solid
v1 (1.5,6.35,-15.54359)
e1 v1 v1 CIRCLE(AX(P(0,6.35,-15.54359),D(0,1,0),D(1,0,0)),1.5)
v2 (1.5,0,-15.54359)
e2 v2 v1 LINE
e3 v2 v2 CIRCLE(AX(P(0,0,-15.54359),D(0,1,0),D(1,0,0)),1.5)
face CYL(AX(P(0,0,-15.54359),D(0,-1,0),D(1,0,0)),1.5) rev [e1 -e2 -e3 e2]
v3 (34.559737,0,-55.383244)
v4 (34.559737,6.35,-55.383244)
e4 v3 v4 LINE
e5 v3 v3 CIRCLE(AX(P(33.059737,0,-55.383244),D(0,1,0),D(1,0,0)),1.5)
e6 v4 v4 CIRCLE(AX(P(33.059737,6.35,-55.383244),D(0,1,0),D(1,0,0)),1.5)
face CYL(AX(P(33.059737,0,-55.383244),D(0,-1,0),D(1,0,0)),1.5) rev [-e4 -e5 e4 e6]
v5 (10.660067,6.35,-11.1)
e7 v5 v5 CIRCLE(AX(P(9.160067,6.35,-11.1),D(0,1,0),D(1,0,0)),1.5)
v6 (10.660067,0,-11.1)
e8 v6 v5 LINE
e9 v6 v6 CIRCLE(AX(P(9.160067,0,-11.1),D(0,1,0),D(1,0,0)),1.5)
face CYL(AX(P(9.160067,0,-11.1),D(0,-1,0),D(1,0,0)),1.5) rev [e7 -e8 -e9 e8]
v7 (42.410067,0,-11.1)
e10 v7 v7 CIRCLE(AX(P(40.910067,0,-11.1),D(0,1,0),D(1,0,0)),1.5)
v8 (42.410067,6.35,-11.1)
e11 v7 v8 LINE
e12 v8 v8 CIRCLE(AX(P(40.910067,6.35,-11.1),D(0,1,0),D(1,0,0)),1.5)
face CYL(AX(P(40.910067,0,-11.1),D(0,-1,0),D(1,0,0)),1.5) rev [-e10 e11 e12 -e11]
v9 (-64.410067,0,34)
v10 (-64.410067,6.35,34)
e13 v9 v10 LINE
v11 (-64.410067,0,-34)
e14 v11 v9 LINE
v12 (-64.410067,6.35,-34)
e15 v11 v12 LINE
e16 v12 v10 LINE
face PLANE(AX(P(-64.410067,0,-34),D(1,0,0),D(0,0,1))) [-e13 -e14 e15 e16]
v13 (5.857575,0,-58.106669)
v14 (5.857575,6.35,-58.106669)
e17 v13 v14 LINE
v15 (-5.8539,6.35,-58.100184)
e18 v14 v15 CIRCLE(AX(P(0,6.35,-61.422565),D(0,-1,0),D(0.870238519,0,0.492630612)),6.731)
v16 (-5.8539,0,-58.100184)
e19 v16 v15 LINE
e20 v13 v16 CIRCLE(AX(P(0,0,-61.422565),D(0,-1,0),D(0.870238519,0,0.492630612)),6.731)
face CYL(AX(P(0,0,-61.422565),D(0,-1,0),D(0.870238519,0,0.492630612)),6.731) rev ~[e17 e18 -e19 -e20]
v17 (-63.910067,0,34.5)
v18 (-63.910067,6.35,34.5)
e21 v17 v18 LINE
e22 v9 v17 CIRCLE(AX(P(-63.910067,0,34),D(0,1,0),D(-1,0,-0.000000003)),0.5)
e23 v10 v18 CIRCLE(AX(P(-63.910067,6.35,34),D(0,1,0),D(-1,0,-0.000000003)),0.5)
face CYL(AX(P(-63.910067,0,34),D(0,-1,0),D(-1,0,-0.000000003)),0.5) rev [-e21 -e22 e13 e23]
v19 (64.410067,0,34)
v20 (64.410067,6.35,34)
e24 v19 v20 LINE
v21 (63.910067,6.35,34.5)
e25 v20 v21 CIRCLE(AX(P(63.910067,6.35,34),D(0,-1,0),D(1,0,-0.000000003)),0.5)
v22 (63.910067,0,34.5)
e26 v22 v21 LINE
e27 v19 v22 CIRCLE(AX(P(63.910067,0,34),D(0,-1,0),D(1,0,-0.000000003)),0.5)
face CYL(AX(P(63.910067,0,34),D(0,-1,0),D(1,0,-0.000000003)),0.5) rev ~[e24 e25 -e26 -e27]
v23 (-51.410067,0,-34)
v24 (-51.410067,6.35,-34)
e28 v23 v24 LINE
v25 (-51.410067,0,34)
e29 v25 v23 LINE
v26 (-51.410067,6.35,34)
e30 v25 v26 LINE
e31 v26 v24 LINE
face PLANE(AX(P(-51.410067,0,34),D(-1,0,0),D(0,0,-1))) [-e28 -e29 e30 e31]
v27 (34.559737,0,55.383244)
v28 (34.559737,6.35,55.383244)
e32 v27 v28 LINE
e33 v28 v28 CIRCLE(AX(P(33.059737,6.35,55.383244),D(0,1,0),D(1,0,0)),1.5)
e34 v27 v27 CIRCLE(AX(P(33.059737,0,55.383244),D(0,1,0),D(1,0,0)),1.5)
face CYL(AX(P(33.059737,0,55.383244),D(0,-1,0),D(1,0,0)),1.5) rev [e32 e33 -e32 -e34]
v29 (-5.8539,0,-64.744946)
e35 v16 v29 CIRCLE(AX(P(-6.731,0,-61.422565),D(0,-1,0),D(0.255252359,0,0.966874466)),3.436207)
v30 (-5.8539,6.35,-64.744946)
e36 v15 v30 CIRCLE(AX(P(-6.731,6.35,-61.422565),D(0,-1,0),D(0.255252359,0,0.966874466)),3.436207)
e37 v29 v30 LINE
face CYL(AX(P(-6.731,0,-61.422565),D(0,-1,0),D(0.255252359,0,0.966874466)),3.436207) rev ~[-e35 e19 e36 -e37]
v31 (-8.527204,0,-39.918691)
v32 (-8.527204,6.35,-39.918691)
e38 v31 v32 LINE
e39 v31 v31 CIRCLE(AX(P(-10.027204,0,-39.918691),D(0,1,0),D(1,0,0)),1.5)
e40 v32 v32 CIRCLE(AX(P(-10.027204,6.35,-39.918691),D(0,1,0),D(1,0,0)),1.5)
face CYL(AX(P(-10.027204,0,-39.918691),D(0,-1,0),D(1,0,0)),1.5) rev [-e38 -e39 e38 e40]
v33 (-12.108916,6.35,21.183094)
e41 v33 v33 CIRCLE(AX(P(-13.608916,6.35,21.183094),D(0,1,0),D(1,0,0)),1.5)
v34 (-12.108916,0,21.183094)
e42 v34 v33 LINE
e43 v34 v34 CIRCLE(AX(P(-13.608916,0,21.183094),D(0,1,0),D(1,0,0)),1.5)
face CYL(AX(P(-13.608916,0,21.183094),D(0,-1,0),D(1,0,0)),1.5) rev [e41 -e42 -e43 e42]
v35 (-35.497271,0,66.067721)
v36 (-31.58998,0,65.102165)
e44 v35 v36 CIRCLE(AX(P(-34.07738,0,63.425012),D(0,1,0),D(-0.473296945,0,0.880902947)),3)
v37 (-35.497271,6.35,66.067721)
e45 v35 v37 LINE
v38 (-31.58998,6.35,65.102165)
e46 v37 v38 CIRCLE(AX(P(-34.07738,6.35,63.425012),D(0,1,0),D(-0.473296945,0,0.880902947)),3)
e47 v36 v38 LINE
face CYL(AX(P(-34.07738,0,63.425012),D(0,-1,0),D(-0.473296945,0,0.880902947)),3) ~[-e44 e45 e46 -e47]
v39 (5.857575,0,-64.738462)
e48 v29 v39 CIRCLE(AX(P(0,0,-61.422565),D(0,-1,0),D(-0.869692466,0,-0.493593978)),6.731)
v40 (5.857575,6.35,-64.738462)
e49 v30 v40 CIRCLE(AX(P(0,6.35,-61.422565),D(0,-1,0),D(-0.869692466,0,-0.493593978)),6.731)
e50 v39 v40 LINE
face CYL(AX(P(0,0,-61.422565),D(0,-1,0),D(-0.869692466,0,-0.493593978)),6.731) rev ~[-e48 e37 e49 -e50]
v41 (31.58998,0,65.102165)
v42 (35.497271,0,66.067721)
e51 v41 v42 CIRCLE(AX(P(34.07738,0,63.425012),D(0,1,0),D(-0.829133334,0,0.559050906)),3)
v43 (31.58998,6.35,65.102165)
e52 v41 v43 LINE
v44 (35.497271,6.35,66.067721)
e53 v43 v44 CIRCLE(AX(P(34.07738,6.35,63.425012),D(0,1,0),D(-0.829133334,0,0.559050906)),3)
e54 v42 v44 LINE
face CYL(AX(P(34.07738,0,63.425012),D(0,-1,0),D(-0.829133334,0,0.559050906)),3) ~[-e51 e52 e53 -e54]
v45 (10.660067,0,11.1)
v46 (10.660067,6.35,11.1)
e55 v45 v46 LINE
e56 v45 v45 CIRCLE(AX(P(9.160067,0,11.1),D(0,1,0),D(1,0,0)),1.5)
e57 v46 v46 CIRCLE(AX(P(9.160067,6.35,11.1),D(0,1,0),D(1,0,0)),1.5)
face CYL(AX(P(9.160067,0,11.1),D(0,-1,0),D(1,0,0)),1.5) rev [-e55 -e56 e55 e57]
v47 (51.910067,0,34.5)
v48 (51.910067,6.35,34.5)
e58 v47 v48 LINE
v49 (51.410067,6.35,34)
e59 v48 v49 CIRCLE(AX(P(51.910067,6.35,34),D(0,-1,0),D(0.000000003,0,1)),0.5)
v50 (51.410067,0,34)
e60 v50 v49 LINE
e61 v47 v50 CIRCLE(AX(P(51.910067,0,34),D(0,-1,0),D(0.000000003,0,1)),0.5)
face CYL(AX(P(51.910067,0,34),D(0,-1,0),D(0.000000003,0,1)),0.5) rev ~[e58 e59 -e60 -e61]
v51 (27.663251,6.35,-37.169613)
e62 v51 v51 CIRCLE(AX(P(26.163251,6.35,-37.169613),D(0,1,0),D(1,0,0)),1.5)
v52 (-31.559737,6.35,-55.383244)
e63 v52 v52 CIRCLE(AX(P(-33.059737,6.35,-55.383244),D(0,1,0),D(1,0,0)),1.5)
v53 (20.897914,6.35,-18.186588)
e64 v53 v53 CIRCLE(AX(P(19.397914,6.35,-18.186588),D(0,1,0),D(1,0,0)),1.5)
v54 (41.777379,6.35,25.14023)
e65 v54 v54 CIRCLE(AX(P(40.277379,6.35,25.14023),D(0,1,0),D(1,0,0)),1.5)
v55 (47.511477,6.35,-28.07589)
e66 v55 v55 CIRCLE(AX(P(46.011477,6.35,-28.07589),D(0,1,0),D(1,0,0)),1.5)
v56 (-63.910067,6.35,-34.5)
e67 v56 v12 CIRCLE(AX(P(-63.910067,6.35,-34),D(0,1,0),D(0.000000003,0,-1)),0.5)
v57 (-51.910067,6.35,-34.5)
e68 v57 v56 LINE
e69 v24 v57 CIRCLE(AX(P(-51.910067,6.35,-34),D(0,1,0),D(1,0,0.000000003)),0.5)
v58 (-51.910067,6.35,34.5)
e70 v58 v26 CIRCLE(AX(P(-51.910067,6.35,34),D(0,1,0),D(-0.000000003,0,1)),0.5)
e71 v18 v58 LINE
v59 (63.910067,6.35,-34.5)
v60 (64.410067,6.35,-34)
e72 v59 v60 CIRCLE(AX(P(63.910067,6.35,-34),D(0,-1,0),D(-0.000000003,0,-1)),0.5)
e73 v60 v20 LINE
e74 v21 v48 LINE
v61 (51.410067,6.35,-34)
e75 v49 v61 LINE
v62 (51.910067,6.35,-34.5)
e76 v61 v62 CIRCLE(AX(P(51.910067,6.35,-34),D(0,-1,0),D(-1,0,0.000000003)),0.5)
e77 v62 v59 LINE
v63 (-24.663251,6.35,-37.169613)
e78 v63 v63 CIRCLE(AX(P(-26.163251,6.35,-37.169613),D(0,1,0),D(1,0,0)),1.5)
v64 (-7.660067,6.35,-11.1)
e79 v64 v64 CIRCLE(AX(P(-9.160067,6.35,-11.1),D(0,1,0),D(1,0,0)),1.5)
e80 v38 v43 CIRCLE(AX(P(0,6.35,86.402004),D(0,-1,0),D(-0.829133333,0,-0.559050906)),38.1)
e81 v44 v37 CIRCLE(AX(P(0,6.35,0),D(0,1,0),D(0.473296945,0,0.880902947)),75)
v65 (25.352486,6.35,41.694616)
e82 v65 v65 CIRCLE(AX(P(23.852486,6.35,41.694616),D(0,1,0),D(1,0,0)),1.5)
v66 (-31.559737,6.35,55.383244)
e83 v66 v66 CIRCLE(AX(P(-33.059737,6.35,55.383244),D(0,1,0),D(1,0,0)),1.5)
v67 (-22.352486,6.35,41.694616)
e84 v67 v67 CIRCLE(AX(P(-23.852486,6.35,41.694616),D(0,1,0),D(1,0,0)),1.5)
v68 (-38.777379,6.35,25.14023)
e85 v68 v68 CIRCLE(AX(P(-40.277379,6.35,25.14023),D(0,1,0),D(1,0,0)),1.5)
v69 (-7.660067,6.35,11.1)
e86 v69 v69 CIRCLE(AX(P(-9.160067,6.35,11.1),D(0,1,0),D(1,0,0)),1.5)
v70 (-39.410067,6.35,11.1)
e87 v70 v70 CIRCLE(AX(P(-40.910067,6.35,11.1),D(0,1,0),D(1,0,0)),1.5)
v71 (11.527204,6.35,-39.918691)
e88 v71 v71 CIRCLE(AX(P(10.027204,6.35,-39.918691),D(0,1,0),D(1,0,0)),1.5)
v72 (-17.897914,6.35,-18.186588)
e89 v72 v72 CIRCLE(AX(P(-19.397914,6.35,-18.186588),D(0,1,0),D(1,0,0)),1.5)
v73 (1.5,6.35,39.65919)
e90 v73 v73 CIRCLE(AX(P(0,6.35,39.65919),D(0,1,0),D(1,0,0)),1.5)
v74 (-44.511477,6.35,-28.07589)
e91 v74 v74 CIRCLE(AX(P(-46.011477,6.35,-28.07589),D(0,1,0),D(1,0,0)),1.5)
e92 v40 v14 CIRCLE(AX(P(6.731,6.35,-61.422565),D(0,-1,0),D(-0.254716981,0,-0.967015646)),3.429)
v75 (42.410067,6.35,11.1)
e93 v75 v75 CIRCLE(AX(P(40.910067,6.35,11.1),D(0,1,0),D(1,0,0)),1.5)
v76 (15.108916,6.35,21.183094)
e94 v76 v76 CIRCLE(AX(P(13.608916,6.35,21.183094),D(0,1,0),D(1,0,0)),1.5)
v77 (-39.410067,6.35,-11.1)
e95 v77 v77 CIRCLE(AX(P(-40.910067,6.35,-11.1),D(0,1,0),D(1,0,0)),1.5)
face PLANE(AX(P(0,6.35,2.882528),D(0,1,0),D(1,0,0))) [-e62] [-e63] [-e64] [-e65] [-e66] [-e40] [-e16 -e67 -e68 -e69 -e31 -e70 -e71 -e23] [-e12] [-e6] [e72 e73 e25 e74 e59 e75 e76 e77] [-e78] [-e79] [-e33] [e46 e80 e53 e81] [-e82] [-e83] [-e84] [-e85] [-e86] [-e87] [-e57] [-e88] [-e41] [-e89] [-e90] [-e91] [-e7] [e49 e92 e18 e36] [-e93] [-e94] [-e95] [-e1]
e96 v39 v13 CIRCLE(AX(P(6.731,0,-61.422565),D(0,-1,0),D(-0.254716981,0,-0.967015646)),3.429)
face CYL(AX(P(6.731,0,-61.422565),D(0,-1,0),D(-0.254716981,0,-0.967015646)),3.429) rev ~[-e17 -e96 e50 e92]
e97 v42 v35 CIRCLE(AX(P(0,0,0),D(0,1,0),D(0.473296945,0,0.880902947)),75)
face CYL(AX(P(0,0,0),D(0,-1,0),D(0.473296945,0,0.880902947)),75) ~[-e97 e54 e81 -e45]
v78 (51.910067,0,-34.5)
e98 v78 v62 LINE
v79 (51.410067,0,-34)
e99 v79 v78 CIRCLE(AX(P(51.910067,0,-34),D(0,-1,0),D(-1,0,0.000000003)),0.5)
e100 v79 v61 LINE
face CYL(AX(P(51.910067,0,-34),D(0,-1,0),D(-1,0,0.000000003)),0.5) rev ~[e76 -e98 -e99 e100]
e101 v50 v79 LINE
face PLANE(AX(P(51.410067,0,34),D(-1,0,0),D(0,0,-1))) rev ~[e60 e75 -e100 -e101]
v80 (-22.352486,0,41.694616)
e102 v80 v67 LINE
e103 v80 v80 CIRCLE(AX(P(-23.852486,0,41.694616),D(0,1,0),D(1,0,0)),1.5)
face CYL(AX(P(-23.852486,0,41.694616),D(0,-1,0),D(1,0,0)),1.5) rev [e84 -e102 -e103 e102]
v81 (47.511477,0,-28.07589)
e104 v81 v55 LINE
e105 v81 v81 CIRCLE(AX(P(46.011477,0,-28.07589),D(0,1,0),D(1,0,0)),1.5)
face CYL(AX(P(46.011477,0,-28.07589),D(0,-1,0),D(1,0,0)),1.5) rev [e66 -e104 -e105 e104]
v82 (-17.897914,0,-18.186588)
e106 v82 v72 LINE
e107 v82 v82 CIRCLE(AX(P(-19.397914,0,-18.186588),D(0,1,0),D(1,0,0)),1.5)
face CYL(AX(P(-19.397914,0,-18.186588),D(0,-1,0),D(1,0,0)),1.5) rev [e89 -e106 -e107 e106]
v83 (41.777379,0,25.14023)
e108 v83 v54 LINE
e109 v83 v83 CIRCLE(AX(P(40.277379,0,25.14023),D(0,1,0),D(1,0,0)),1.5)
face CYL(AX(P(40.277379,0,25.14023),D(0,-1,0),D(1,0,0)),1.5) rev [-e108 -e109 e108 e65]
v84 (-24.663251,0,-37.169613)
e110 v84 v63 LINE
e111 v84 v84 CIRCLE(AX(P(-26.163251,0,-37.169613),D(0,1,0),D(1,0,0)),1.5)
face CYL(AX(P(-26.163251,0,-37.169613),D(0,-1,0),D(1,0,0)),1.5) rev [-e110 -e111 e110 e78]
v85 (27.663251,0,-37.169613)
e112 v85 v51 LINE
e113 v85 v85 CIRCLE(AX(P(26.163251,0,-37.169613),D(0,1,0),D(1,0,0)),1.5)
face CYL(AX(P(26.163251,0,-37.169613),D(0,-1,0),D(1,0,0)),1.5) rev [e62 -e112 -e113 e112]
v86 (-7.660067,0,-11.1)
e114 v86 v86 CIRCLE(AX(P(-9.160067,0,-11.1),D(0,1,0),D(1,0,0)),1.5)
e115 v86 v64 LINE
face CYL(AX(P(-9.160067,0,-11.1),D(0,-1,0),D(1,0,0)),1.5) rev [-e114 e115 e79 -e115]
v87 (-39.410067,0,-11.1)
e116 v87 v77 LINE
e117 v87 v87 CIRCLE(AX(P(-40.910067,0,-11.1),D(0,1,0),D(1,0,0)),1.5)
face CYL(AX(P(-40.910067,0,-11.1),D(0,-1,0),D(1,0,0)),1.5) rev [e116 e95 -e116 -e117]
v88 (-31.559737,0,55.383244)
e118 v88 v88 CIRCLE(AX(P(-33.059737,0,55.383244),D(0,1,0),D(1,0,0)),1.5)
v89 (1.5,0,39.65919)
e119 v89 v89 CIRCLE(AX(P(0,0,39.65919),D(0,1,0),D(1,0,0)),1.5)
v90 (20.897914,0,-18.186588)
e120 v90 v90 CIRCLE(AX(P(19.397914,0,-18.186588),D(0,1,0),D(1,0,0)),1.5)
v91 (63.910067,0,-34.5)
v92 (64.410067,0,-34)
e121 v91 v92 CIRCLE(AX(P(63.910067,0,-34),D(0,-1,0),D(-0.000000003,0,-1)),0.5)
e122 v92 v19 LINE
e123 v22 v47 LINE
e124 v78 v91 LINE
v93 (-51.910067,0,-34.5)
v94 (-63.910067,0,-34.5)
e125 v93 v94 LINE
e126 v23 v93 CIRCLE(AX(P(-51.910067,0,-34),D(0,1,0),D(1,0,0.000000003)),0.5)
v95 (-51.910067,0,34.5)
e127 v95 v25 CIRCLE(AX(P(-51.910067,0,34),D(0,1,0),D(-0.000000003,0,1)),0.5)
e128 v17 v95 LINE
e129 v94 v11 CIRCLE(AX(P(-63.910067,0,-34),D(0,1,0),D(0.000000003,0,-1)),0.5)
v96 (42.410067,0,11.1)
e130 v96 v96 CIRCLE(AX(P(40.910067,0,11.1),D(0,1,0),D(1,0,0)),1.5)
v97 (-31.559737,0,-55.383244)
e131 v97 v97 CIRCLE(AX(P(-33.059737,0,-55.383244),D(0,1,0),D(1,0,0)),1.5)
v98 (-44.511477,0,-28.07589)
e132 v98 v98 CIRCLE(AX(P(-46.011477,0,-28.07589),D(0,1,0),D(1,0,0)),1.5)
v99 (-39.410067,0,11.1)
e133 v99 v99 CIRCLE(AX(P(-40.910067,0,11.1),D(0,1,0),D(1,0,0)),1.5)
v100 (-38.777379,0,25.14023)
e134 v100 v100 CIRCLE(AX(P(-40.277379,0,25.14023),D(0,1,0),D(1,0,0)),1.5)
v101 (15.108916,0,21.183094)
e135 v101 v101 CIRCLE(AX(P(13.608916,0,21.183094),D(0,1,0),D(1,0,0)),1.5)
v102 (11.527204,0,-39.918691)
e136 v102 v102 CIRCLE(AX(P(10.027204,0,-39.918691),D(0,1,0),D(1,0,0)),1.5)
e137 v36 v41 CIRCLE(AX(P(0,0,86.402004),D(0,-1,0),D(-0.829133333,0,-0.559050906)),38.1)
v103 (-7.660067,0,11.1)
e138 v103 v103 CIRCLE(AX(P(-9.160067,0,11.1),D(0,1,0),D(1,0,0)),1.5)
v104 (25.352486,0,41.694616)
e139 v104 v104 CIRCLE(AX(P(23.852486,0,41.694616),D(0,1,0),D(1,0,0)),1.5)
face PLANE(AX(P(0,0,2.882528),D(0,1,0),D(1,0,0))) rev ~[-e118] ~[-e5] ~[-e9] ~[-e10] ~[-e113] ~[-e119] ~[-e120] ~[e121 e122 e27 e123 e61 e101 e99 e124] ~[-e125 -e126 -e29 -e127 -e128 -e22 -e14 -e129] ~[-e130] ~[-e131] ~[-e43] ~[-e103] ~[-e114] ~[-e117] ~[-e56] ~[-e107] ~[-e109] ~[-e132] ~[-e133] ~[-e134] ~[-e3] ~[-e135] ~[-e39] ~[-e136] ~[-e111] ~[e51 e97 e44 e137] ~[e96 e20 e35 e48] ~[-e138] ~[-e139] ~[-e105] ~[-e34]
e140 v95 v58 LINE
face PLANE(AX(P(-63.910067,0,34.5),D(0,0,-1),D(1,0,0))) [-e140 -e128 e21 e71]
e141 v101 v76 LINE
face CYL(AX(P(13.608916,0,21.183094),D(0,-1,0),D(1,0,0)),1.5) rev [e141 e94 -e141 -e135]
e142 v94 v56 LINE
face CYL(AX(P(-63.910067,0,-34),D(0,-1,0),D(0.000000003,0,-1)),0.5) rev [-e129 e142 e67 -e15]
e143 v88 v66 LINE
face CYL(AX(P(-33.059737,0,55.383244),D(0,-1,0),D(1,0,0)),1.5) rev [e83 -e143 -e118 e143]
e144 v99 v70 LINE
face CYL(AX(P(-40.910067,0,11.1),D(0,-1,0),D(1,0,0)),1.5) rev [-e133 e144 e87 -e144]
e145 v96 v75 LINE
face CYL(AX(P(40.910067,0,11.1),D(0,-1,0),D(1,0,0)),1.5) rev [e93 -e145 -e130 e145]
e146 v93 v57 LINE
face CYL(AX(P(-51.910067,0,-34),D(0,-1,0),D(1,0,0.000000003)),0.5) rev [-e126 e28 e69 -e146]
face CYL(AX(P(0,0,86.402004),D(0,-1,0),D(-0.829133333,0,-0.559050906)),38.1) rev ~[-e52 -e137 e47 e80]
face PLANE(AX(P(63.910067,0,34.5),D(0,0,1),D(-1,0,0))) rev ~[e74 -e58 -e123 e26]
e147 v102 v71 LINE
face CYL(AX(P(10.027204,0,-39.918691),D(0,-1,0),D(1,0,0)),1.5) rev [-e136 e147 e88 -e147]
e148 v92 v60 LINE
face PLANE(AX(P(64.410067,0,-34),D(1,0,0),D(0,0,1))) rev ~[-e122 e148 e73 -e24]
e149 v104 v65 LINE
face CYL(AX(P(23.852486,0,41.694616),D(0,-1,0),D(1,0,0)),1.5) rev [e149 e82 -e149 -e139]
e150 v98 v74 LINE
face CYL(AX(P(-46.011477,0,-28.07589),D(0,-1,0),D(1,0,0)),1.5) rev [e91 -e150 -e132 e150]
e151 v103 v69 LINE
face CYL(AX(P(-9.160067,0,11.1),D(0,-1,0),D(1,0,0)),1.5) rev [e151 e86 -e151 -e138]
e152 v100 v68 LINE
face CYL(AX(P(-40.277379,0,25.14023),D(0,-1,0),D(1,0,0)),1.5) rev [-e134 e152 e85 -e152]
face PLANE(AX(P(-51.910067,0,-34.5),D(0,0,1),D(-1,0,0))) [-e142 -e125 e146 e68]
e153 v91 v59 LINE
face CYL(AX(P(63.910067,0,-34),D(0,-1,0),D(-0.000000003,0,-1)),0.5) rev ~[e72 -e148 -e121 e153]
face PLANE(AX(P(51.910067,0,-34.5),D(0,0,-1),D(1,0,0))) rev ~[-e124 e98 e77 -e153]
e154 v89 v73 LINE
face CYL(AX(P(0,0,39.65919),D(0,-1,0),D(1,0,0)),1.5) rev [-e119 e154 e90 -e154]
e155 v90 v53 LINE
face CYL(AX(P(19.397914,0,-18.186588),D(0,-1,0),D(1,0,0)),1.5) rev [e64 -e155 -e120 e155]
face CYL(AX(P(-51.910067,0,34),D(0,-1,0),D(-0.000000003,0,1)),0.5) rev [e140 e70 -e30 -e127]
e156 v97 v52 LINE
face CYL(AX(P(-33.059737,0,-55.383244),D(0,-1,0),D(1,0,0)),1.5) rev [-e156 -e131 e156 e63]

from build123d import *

# Parameters (mm, degrees)
SKETCH1_R           = 1.5
BOSS_EXTRUDE2_DEPTH = 6.35


with BuildPart() as part:
    # Sketch1 → Boss-Extrude2 (new body)
    with BuildSketch(Plane(origin=(0, 0, 0), x_dir=(1, 0, 0), z_dir=(0, 1, 0))):
        with BuildLine():
            ThreePointArc((35.49727084, -66.067721036), (0, 75), (-35.49727084, -66.067721036))
            ThreePointArc((-35.49727084, -66.067721036), (-33.357679643, -66.33740492), (-31.589980006, -65.102164912))
            ThreePointArc((-31.589980006, -65.102164912), (0, -48.302004425), (31.589980006, -65.102164912))
            ThreePointArc((31.589980006, -65.102164912), (33.357679643, -66.33740492), (35.49727084, -66.067721036))
        make_face()
        with Locations((-13.608916499, -21.183093811)):
            Circle(SKETCH1_R, mode=Mode.SUBTRACT)
        with Locations((-46.011477091, 28.075890486)):
            Circle(SKETCH1_R, mode=Mode.SUBTRACT)
        with Locations((13.608916499, -21.183093811)):
            Circle(SKETCH1_R, mode=Mode.SUBTRACT)
        with Locations((23.852486199, -41.694616163)):
            Circle(SKETCH1_R, mode=Mode.SUBTRACT)
        with Locations((-40.910067426, 11.1)):
            Circle(SKETCH1_R, mode=Mode.SUBTRACT)
        with Locations((-40.910067426, -11.1)):
            Circle(SKETCH1_R, mode=Mode.SUBTRACT)
        with Locations((-9.160067426, -11.1)):
            Circle(SKETCH1_R, mode=Mode.SUBTRACT)
        with Locations((-9.160067426, 11.1)):
            Circle(SKETCH1_R, mode=Mode.SUBTRACT)
        with Locations((9.160067426, 11.1)):
            Circle(SKETCH1_R, mode=Mode.SUBTRACT)
        with Locations((9.160067426, -11.1)):
            Circle(SKETCH1_R, mode=Mode.SUBTRACT)
        with Locations((40.910067426, -11.1)):
            Circle(SKETCH1_R, mode=Mode.SUBTRACT)
        with Locations((40.910067426, 11.1)):
            Circle(SKETCH1_R, mode=Mode.SUBTRACT)
        with Locations((-23.852486199, -41.694616163)):
            Circle(SKETCH1_R, mode=Mode.SUBTRACT)
        with Locations((19.397913834, 18.186588214)):
            Circle(SKETCH1_R, mode=Mode.SUBTRACT)
        with Locations((-40.277379234, -25.14022965)):
            Circle(SKETCH1_R, mode=Mode.SUBTRACT)
        with Locations((40.277379234, -25.14022965)):
            Circle(SKETCH1_R, mode=Mode.SUBTRACT)
        with Locations((26.163250867, 37.1696126)):
            Circle(SKETCH1_R, mode=Mode.SUBTRACT)
        with Locations((46.011477091, 28.075890486)):
            Circle(SKETCH1_R, mode=Mode.SUBTRACT)
        with Locations((10.027203595, 39.91869143)):
            Circle(SKETCH1_R, mode=Mode.SUBTRACT)
        with Locations((0, -39.659190322)):
            Circle(SKETCH1_R, mode=Mode.SUBTRACT)
        with Locations((-10.027203595, 39.91869143)):
            Circle(SKETCH1_R, mode=Mode.SUBTRACT)
        with Locations((-33.059737365, -55.383244446)):
            Circle(SKETCH1_R, mode=Mode.SUBTRACT)
        with Locations((-33.059737365, 55.383244446)):
            Circle(SKETCH1_R, mode=Mode.SUBTRACT)
        with Locations((33.059737365, -55.383244446)):
            Circle(SKETCH1_R, mode=Mode.SUBTRACT)
        with Locations((0, 15.543589551)):
            Circle(SKETCH1_R, mode=Mode.SUBTRACT)
        with Locations((-26.163250867, 37.1696126)):
            Circle(SKETCH1_R, mode=Mode.SUBTRACT)
        with Locations((-19.397913834, 18.186588214)):
            Circle(SKETCH1_R, mode=Mode.SUBTRACT)
        with Locations((33.059737365, 55.383244446)):
            Circle(SKETCH1_R, mode=Mode.SUBTRACT)
        with BuildLine():
            Line((51.410067426, -34), (51.410067426, 34))
            ThreePointArc((51.410067426, 34), (51.556514035, 34.353553391), (51.910067426, 34.5))
            Line((51.910067426, 34.5), (63.910067426, 34.5))
            ThreePointArc((63.910067426, 34.5), (64.263620817, 34.353553391), (64.410067426, 34))
            Line((64.410067426, 34), (64.410067426, -34))
            ThreePointArc((64.410067426, -34), (64.263620817, -34.353553391), (63.910067426, -34.5))
            Line((63.910067426, -34.5), (51.910067426, -34.5))
            ThreePointArc((51.910067426, -34.5), (51.556514035, -34.353553391), (51.410067426, -34))
        make_face(mode=Mode.SUBTRACT)
        with BuildLine():
            Line((-63.910067426, -34.5), (-51.910067426, -34.5))
            ThreePointArc((-51.910067426, -34.5), (-51.556514035, -34.353553391), (-51.410067426, -34))
            Line((-51.410067426, -34), (-51.410067426, 34))
            ThreePointArc((-51.410067426, 34), (-51.556514035, 34.353553391), (-51.910067426, 34.5))
            Line((-51.910067426, 34.5), (-63.910067426, 34.5))
            ThreePointArc((-63.910067426, 34.5), (-64.263620817, 34.353553391), (-64.410067426, 34))
            Line((-64.410067426, 34), (-64.410067426, -34))
            ThreePointArc((-64.410067426, -34), (-64.263620817, -34.353553391), (-63.910067426, -34.5))
        make_face(mode=Mode.SUBTRACT)
        with BuildLine():
            ThreePointArc((-5.853899988, 64.744946271), (0.003726822, 68.153564176), (5.857575472, 64.738461857))
            ThreePointArc((5.857575472, 64.738461857), (10.16, 61.422565207), (5.857575472, 58.106668557))
            ThreePointArc((5.857575472, 58.106668557), (0.003726822, 54.691566239), (-5.853899988, 58.100184144))
            ThreePointArc((-5.853899988, 58.100184144), (-10.167207264, 61.422565207), (-5.853899988, 64.744946271))
        make_face(mode=Mode.SUBTRACT)
    extrude(amount=BOSS_EXTRUDE2_DEPTH)


solid = part.part
